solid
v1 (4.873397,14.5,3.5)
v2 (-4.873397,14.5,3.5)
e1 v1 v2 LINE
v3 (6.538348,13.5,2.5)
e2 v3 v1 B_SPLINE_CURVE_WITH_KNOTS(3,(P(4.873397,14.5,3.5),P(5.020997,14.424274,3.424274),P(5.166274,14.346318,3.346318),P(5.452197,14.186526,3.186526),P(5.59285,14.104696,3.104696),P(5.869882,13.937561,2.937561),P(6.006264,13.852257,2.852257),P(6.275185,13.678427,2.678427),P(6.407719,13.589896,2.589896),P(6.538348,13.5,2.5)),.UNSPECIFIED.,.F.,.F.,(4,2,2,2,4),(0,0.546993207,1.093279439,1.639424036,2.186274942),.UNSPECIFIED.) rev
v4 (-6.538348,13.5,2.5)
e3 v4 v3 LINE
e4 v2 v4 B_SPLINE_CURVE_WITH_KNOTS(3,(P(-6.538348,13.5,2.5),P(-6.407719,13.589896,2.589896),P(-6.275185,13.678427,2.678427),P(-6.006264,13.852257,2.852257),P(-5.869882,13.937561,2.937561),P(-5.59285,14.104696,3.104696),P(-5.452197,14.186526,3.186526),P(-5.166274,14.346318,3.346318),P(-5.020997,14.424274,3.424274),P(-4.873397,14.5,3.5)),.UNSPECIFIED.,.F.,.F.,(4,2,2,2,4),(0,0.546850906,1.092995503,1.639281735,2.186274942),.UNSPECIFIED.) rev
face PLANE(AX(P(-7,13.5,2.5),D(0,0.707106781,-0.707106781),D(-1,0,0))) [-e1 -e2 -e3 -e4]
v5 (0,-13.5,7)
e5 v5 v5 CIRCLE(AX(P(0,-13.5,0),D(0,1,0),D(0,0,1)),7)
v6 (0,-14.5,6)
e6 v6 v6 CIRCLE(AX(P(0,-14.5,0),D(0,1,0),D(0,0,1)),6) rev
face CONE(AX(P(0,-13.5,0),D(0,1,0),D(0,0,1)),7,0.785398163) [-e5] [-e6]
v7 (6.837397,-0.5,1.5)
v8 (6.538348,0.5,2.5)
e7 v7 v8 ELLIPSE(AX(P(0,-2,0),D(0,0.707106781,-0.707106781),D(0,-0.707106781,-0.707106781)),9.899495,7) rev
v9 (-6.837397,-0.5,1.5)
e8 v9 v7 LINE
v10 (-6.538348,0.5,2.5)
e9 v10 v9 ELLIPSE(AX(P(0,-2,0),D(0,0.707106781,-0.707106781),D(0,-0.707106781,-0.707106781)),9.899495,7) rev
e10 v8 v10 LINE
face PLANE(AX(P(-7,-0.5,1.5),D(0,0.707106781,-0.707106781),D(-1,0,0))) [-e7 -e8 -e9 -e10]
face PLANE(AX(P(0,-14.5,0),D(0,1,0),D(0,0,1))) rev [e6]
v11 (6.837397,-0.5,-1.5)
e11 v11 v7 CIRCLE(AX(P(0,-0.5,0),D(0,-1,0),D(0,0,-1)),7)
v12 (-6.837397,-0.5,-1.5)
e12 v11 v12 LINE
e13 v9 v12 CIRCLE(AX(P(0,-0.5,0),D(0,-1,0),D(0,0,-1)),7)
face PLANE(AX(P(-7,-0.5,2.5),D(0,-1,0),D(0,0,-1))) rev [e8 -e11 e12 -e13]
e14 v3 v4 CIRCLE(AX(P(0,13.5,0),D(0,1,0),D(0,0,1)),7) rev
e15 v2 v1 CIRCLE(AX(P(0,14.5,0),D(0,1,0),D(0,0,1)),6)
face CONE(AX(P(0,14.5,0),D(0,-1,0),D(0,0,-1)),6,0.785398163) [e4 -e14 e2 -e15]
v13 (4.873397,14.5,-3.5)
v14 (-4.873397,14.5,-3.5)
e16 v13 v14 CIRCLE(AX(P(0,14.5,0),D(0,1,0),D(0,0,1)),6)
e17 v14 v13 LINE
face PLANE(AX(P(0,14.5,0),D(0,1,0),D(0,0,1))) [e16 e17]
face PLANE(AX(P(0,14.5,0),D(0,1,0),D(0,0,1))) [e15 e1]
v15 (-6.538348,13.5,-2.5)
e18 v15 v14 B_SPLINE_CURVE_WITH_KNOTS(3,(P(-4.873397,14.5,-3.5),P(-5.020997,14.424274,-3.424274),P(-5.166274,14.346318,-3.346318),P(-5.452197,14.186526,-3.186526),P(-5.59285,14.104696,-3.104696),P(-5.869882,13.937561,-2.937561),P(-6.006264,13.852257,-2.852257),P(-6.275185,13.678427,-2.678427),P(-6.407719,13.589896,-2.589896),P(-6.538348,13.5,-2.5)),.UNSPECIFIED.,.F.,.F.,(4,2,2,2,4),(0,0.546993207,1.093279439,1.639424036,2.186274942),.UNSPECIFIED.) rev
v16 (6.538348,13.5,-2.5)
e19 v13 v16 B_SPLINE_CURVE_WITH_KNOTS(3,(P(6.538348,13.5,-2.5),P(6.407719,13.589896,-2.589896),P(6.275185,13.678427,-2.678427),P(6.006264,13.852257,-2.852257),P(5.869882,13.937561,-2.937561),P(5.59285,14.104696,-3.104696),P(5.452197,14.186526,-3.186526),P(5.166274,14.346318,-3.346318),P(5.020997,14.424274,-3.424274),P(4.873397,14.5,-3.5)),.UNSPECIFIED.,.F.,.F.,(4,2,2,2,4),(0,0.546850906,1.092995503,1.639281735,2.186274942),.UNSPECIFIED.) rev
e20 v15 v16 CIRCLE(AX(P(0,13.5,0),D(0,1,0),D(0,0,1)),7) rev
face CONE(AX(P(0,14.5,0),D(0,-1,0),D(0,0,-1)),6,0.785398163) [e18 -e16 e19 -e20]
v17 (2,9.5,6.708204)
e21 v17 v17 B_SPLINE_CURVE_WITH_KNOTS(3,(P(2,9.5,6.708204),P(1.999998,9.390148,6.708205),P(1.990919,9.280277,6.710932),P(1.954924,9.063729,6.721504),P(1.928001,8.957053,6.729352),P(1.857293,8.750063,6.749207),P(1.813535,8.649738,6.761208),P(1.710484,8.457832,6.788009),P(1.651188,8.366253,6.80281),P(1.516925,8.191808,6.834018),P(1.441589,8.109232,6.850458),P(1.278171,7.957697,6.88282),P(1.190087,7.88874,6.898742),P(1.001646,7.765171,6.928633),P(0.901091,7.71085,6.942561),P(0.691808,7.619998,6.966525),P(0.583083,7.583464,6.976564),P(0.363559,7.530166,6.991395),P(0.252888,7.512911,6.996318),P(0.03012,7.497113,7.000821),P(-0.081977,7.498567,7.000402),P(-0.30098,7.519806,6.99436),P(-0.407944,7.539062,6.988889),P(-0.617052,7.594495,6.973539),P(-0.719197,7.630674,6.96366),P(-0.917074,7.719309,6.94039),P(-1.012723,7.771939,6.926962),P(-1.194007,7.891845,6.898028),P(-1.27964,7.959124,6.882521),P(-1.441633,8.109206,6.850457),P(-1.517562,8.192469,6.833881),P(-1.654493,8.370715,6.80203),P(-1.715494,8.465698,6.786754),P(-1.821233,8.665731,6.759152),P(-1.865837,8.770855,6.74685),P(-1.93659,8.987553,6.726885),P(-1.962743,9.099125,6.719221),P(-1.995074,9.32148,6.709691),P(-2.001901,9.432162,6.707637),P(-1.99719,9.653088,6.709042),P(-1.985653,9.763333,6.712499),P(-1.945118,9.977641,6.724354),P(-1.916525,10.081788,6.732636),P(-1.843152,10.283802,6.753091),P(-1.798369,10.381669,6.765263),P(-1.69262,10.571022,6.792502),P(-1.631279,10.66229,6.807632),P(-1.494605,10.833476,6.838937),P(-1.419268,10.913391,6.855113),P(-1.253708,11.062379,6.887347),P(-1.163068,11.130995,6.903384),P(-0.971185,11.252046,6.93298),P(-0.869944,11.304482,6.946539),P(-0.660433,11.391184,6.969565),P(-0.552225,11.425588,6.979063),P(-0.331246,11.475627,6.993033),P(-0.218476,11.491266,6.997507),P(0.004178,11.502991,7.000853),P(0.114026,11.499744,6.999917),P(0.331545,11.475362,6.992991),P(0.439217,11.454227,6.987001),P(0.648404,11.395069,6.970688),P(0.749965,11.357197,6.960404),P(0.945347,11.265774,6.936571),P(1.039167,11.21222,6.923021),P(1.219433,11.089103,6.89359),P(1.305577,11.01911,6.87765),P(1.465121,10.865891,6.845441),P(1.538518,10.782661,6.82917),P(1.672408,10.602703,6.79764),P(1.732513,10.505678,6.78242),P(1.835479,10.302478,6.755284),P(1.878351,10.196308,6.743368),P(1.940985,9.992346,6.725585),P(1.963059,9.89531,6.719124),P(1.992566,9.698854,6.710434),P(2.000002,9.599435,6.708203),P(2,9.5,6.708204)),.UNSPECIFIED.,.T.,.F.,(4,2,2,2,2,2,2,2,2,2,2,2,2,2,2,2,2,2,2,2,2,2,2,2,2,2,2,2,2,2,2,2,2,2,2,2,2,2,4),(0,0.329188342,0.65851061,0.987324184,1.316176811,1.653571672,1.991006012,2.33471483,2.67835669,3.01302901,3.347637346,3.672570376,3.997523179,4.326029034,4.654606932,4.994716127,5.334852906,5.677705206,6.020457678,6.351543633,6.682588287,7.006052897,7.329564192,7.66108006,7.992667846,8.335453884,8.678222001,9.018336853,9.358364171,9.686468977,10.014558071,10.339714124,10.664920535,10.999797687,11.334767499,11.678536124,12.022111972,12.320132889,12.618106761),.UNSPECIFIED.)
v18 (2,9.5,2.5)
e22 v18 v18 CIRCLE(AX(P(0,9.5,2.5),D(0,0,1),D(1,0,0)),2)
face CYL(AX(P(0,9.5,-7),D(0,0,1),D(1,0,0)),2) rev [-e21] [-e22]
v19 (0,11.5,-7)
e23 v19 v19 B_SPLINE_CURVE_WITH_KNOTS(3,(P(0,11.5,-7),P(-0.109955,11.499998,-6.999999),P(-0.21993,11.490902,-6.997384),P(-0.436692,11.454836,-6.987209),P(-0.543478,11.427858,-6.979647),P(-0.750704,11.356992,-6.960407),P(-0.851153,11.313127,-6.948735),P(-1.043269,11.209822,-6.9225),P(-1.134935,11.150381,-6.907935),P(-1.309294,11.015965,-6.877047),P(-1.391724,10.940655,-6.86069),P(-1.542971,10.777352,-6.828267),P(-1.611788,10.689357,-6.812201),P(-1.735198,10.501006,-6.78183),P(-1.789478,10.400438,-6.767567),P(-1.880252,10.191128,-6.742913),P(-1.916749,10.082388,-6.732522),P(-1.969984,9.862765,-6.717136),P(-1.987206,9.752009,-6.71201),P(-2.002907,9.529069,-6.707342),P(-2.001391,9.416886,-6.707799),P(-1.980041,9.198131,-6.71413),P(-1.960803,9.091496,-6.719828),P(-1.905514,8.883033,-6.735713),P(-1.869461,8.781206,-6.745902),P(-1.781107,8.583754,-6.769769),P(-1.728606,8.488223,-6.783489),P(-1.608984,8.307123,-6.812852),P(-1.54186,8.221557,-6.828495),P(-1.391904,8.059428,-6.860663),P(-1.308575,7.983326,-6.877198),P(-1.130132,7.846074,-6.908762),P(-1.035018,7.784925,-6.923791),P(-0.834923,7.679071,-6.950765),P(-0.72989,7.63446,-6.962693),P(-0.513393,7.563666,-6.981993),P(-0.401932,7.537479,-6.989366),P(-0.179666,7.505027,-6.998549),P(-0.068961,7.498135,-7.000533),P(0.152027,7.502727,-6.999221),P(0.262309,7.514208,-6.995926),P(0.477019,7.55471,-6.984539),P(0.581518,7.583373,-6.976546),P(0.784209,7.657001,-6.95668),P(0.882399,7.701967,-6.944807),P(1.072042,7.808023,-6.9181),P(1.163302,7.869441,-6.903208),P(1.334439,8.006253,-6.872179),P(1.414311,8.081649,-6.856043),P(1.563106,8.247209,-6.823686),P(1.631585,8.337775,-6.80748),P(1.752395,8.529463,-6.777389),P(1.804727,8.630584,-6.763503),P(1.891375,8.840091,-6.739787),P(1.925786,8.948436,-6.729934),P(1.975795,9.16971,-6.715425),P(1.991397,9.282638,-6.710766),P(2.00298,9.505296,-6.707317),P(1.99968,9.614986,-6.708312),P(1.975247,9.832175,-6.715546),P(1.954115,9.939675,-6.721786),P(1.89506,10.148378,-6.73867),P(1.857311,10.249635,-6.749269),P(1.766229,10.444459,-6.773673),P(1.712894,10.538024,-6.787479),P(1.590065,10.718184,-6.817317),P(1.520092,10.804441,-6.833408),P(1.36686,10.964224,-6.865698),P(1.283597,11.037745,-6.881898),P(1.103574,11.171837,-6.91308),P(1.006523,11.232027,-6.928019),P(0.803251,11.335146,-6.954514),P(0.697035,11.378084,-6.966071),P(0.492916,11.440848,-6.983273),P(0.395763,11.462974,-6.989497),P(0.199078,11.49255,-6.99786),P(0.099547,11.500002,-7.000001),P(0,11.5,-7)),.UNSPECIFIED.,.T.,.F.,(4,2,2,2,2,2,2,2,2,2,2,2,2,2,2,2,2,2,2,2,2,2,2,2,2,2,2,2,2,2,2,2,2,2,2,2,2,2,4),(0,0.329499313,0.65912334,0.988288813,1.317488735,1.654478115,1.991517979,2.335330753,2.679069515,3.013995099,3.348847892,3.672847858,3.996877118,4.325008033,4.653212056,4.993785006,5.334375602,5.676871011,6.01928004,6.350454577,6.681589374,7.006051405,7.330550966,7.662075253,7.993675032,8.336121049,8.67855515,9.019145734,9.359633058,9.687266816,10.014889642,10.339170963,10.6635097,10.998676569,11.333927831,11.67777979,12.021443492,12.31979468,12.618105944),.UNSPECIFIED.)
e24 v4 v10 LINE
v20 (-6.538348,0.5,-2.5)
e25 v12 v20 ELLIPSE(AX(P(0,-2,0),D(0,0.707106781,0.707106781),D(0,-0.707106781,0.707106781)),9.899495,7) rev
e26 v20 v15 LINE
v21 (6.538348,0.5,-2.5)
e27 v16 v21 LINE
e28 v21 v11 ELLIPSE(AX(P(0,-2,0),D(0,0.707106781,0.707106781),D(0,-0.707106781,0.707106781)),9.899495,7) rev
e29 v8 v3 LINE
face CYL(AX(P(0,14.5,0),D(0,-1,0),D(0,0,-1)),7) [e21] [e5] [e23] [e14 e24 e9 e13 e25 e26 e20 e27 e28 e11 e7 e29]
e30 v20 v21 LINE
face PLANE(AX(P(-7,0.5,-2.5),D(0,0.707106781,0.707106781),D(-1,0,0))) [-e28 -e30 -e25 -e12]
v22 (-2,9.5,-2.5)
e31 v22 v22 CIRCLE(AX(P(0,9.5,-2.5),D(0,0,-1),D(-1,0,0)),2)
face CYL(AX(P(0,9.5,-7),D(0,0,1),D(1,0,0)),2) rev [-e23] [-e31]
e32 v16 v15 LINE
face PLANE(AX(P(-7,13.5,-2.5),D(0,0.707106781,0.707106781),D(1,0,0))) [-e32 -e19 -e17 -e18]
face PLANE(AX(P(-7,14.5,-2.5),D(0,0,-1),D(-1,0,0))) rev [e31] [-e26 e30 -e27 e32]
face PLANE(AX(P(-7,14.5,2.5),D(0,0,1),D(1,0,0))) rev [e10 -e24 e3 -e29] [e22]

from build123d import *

# Parameters (mm, degrees)
ESBO_O1_R                  = 7
RESSALTO_EXTRUS_O1_DEPTH   = 14.5
CORTE_EXTRUS_O1_DEPTH      = 18.557049866
CORTE_EXTRUS_O1_DEPTH_BACK = 18.557049866
ESBO_O2_W                  = 5
ESBO_O2_H                  = 15
CORTE_EXTRUS_O2_DEPTH      = 18.557049866
CORTE_EXTRUS_O2_DEPTH_BACK = 18.557049866
ESBO_O3_R                  = 2
CHANFRO1_SIZE              = 1
CHANFRO2_SIZE              = 1


with BuildPart() as part:
    # Esboço1 → Ressalto-extrusão1 (new, symmetric)
    with BuildSketch(Plane(origin=(0, 0, 0), x_dir=(1, 0, 0), z_dir=(0, 1, 0))):
        with Locations(Location((0, 0, 0), (0, 0, 90))):
            Circle(ESBO_O1_R)
    extrude(amount=RESSALTO_EXTRUS_O1_DEPTH, both=True)

    # Esboço2 → Corte-extrusão1 (cut, two sides: drawn at the far end of the back side and taken through both)
    with BuildSketch(Plane(origin=(0, 0, 0), x_dir=(0, 0, -1), z_dir=(1, 0, 0)).offset(-CORTE_EXTRUS_O1_DEPTH_BACK)):
        with Locations((0, 7)):
            Rectangle(ESBO_O2_W, ESBO_O2_H)
    extrude(amount=CORTE_EXTRUS_O1_DEPTH + CORTE_EXTRUS_O1_DEPTH_BACK, mode=Mode.SUBTRACT)

    # Esboço3 → Corte-extrusão2 (cut, two sides: drawn at the far end of the back side and taken through both)
    with BuildSketch(Plane.XY.offset(-CORTE_EXTRUS_O2_DEPTH_BACK)):
        with Locations(Location((0, 9.5, 0), (0, 0, 90))):
            Circle(ESBO_O3_R)
    extrude(amount=CORTE_EXTRUS_O2_DEPTH + CORTE_EXTRUS_O2_DEPTH_BACK, mode=Mode.SUBTRACT)

    # Chanfro1
    chanfro1_edges = [part.edges().sort_by_distance(p)[0] for p in [
        (0, -14.5, 7),
    ]]
    chamfer(chanfro1_edges, length=CHANFRO1_SIZE)

    # Chanfro2
    chanfro2_edges = [part.edges().sort_by_distance(p)[0] for p in [
        (0, -0.5, -2.5),
        (0, -0.5, 2.5),
        (3.968626967, 14.5, -5.766281297),
        (0, 14.5, 7),
        (0, 14.5, -2.5),
        (0, 14.5, 2.5),
    ]]
    chamfer(chanfro2_edges, length=CHANFRO2_SIZE)


solid = part.part
